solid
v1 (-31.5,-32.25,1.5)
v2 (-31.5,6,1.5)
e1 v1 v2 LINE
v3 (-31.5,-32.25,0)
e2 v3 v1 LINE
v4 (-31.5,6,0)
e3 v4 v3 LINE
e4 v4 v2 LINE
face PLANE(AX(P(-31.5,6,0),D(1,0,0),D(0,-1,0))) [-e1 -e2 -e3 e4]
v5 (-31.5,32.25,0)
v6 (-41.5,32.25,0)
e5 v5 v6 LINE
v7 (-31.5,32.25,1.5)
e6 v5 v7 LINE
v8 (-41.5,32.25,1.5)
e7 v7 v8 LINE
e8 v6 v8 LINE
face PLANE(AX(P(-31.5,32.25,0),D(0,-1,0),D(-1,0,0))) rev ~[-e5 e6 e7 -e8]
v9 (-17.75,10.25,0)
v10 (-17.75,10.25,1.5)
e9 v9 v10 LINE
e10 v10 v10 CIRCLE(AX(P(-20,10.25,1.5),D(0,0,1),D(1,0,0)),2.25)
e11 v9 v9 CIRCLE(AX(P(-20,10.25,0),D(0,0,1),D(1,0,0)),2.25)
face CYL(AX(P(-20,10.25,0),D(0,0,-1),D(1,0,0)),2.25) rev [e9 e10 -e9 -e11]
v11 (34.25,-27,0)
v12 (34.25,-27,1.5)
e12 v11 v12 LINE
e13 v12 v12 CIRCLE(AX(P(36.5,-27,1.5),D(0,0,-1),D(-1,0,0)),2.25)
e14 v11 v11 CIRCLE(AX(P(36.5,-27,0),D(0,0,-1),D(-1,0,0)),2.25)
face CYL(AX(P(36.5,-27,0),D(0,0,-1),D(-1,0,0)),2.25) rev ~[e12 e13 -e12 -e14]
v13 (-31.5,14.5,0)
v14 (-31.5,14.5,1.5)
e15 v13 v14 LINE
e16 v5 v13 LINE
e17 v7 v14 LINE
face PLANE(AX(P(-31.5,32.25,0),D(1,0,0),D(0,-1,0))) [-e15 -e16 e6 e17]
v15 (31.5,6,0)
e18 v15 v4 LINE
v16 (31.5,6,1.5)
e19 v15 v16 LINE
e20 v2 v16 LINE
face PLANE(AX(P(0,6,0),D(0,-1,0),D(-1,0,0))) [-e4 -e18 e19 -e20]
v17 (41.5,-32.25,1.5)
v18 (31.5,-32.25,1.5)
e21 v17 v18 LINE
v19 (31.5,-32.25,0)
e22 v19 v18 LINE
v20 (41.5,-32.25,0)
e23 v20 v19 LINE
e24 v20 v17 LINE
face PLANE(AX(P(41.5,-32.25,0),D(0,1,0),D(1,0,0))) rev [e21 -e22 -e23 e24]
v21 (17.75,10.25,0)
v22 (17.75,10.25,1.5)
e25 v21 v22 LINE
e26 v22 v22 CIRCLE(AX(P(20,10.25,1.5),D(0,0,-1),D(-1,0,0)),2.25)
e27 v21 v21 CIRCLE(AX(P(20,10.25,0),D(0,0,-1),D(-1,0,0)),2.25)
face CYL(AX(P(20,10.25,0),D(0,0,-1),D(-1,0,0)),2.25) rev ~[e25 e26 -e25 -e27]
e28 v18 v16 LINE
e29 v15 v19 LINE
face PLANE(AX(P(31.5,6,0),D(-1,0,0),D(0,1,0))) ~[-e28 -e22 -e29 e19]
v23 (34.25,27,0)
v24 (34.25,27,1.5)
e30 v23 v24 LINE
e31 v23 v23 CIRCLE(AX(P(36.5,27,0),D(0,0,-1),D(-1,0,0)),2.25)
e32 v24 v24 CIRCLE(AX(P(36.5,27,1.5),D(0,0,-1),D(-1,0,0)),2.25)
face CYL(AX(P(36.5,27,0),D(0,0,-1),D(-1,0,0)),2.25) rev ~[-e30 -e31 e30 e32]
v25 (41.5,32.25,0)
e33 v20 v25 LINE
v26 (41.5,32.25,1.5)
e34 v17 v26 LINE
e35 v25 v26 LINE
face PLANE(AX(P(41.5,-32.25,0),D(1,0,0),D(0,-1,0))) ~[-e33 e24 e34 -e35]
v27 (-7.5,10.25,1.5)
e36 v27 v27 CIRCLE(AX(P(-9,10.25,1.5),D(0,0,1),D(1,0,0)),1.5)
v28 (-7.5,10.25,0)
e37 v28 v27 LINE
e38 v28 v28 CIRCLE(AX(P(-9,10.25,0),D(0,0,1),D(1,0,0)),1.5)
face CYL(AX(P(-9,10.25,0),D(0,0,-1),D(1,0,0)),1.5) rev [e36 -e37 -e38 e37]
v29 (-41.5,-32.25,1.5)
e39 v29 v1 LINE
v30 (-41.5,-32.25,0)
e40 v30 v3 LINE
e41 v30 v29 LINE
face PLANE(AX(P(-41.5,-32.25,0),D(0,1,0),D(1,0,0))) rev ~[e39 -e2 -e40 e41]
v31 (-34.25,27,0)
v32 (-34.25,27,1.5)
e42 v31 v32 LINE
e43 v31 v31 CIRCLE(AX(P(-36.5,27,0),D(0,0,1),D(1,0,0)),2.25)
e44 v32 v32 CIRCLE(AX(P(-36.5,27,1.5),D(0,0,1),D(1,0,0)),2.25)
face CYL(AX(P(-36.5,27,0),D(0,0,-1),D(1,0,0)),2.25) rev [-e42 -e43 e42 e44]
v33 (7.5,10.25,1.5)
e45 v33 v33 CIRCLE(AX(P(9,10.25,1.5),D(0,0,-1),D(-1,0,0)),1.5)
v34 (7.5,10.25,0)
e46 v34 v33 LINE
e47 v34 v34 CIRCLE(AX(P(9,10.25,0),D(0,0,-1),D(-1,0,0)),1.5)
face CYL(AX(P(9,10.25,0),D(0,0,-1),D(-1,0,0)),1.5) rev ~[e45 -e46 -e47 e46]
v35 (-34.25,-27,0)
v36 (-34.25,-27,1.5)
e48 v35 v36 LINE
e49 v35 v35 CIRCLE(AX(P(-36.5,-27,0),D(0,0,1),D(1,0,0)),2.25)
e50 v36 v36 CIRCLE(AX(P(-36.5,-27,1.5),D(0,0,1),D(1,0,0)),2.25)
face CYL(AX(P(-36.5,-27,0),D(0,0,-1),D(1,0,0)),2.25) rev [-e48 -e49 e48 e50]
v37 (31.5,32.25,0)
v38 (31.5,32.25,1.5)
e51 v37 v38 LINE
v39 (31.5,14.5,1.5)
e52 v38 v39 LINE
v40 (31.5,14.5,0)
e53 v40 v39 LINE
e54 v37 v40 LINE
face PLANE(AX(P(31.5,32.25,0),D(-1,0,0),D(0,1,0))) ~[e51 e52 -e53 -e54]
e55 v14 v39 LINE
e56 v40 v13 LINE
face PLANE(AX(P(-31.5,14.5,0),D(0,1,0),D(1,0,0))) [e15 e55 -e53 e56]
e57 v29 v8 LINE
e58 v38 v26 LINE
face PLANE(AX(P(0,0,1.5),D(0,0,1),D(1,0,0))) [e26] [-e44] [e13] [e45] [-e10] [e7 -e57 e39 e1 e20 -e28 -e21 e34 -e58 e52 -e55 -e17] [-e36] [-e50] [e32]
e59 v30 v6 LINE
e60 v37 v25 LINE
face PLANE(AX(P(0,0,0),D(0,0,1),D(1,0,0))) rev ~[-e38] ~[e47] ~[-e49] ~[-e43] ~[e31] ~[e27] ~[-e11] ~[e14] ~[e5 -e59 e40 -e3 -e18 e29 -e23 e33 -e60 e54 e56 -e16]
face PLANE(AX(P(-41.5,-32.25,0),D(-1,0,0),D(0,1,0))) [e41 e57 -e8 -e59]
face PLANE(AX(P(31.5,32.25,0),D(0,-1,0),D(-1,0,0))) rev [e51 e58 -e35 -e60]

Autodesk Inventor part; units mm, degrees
ref_plane "YZ Plane" through (0, 0, 0) normal (1, 0, 0) x (0, 1, 0)
ref_plane "XZ Plane" through (0, 0, 0) normal (0, 1, 0) x (-1, 0, 0)
ref_plane "XY Plane" through (0, 0, 0) normal (0, 0, 1) x (1, 0, 0)
sketch "Sketch1" plane through (0, 0, 0) normal (0, 0, 1) x (1, 0, 0)
  line L0 (-41.5, 50) -> (41.5, 50)
  line L1 (41.5, 50) -> (41.5, -50)
  line L2 (41.5, -50) -> (-41.5, -50)
  line L3 (-41.5, -50) -> (-41.5, 50)
  line L4 (31.5, 40) -> (-31.5, 40)
  line L5 (-31.5, 40) -> (-31.5, -40)
  line L6 (-31.5, -40) -> (31.5, -40)
  line L7 (31.5, -40) -> (31.5, 40)
  line L8 (-41.5, -45) -> (41.5, -45) construction
  line L9 (0, 71.7466) -> (0, -78.0681) construction
  line L10 (-60.2597, 0) -> (74.2823, 0) construction
  line L11 (-36.5, 50) -> (-36.5, -50) construction
  circle A0 centre (-36.5, -27) radius 2.25
  line L12 (-41.5, 45) -> (41.5, 45) construction
  circle A1 centre (-36.5, 45) radius 2.25
  circle A2 centre (-36.5, -45) radius 2.25
  circle A3 centre (-36.5, 27) radius 2.25
  circle A4 centre (-25, -45) radius 2.25
  circle A5 centre (25, -45) radius 2.25
  line L13 (30, 50) -> (30, -50) construction
  line L14 (-30, 50) -> (-30, -50) construction
  line L15 (-31, -38) -> (31, -38)
  line L16 (31, -38) -> (31, -52)
  line L17 (31, -52) -> (-31, -52)
  line L18 (-31, -52) -> (-31, -38)
  line L19 (-31.5, -40) -> (-16.5, -40)
  line L20 (-16.5, -40) -> (-16.5, -20)
  line L21 (-16.5, -20) -> (-31.5, -20)
  line L22 (-31.5, -20) -> (-31.5, -40)
  line L23 (-26.5, -26) -> (-21.5, -26) construction
  line L24 (-26.5, -27.5) -> (-21.5, -27.5)
  line L25 (-21.5, -24.5) -> (-26.5, -24.5)
  arc A6 (-26.5, -24.5) -> (-26.5, -27.5) centre (-26.5, -26) ccw
  arc A7 (-21.5, -27.5) -> (-21.5, -24.5) centre (-21.5, -26) ccw
  line L26 (-26.5, -34) -> (-21.5, -34) construction
  line L27 (-26.5, -35.5) -> (-21.5, -35.5)
  line L28 (-21.5, -32.5) -> (-26.5, -32.5)
  arc A8 (-26.5, -32.5) -> (-26.5, -35.5) centre (-26.5, -34) ccw
  arc A9 (-21.5, -35.5) -> (-21.5, -32.5) centre (-21.5, -34) ccw
  point P0 (0, 0)
  point P1 (0, 50)
  point P2 (41.5, 0)
  point P3 (0, 45)
  point P4 (-24, -26)
  point P5 (-24, -20)
  point P6 (-16.5, -30)
  point P7 (-24, -34)
  dimension "d0" = 83
  dimension "d1" = 100
  dimension "d5" = 5
  dimension "d6" = 5
  dimension "d9" = 5
  dimension "d12" = 4.5
  dimension "d17" = 5
  dimension "d41" = 4.5
  dimension "d42" = 4.5
  dimension "d87" = 4.5
  dimension "d89" = 4.5
  dimension "d90" = 4.5
  dimension "d91" = 30
  dimension "d92" = 30
  dimension "d93" = 5
  dimension "d94" = 5
  dimension "d97" = 1
  dimension "d98" = 2
  dimension "d99" = 2
  dimension "d100" = 1
  dimension "d103" = 15
  dimension "d104" = 20
  dimension "d105" = 5
  dimension "d106" = 3
  dimension "d109" = 5
  dimension "d110" = 3
  dimension "d112" = 6
  dimension "d113" = 6
  dimension "d141" = 27
  dimension "d142" = 27
sketch "Sketch4" plane through (0, 0, 0) normal (0, 0, 1) x (1, 0, 0)
  circle A0 centre (-36.5, 27) radius 2.25 projected
  circle A1 centre (-36.5, -27) radius 2.25 projected
  line L0 (-31.5, 40) -> (-31.5, -40) projected
  line L1 (-41.5, -50) -> (-41.5, 50) projected
  line L2 (-41.5, -32.25) -> (-31.5, -32.25)
  line L3 (-31.5, -32.25) -> (-31.5, 32.25)
  line L4 (-31.5, 32.25) -> (-41.5, 32.25)
  line L5 (-41.5, 32.25) -> (-41.5, -32.25)
  line L6 (31.5, -40) -> (31.5, 40) projected
  line L7 (41.5, 50) -> (41.5, -50) projected
  line L8 (31.5, -18) -> (31.5, 0)
  line L9 (-31.5, 0) -> (-31.5, -18)
  line L10 (-16.5, -20) -> (-31.5, -20) projected
  line L11 (-31.5, -40) -> (31.5, -40) projected
  line L12 (-16.5, -40) -> (-16.5, -20) projected
  line L13 (-31.5, 14.5) -> (0, 14.5)
  line L14 (0, 14.5) -> (0, 6)
  line L15 (0, 6) -> (-31.5, 6)
  line L16 (-31.5, 6) -> (-31.5, 14.5)
  circle A2 centre (-9, 10.25) radius 1.5
  line L17 (0, 10.25) -> (-31.5, 10.25) construction
  circle A3 centre (-20, 10.25) radius 2.25
  line L18 (0, 28.3973) -> (0, -18) construction
  point P0 (0, 0)
  dimension "d116" = 3
  dimension "d117" = 3
  dimension "d151" = 8.5
  dimension "d152" = 3
  dimension "d153" = 9
  dimension "d154" = 22
  dimension "d155" = 4.5
  dimension "d156" = 20
extrude "Extrusion11" add sketch "Sketch4" along normal blind 1.5 contours L0 L2 L1 L4 | L13 L14 L15 L0
mirror "Mirror10" about plane through (0, 0, 0) normal (1, 0, 0) of "Extrusion11"
equation "\"d12\" = screw"
equation "\"d41\" = screw"
equation "\"d42\" = screw"
equation "\"d87\" = screw"
equation "\"d89\" = screw"
equation "\"d90\" = screw"
equation "\"screw\" = 4.5"
properties part number "Side" material "PC/ABS Plastic"
